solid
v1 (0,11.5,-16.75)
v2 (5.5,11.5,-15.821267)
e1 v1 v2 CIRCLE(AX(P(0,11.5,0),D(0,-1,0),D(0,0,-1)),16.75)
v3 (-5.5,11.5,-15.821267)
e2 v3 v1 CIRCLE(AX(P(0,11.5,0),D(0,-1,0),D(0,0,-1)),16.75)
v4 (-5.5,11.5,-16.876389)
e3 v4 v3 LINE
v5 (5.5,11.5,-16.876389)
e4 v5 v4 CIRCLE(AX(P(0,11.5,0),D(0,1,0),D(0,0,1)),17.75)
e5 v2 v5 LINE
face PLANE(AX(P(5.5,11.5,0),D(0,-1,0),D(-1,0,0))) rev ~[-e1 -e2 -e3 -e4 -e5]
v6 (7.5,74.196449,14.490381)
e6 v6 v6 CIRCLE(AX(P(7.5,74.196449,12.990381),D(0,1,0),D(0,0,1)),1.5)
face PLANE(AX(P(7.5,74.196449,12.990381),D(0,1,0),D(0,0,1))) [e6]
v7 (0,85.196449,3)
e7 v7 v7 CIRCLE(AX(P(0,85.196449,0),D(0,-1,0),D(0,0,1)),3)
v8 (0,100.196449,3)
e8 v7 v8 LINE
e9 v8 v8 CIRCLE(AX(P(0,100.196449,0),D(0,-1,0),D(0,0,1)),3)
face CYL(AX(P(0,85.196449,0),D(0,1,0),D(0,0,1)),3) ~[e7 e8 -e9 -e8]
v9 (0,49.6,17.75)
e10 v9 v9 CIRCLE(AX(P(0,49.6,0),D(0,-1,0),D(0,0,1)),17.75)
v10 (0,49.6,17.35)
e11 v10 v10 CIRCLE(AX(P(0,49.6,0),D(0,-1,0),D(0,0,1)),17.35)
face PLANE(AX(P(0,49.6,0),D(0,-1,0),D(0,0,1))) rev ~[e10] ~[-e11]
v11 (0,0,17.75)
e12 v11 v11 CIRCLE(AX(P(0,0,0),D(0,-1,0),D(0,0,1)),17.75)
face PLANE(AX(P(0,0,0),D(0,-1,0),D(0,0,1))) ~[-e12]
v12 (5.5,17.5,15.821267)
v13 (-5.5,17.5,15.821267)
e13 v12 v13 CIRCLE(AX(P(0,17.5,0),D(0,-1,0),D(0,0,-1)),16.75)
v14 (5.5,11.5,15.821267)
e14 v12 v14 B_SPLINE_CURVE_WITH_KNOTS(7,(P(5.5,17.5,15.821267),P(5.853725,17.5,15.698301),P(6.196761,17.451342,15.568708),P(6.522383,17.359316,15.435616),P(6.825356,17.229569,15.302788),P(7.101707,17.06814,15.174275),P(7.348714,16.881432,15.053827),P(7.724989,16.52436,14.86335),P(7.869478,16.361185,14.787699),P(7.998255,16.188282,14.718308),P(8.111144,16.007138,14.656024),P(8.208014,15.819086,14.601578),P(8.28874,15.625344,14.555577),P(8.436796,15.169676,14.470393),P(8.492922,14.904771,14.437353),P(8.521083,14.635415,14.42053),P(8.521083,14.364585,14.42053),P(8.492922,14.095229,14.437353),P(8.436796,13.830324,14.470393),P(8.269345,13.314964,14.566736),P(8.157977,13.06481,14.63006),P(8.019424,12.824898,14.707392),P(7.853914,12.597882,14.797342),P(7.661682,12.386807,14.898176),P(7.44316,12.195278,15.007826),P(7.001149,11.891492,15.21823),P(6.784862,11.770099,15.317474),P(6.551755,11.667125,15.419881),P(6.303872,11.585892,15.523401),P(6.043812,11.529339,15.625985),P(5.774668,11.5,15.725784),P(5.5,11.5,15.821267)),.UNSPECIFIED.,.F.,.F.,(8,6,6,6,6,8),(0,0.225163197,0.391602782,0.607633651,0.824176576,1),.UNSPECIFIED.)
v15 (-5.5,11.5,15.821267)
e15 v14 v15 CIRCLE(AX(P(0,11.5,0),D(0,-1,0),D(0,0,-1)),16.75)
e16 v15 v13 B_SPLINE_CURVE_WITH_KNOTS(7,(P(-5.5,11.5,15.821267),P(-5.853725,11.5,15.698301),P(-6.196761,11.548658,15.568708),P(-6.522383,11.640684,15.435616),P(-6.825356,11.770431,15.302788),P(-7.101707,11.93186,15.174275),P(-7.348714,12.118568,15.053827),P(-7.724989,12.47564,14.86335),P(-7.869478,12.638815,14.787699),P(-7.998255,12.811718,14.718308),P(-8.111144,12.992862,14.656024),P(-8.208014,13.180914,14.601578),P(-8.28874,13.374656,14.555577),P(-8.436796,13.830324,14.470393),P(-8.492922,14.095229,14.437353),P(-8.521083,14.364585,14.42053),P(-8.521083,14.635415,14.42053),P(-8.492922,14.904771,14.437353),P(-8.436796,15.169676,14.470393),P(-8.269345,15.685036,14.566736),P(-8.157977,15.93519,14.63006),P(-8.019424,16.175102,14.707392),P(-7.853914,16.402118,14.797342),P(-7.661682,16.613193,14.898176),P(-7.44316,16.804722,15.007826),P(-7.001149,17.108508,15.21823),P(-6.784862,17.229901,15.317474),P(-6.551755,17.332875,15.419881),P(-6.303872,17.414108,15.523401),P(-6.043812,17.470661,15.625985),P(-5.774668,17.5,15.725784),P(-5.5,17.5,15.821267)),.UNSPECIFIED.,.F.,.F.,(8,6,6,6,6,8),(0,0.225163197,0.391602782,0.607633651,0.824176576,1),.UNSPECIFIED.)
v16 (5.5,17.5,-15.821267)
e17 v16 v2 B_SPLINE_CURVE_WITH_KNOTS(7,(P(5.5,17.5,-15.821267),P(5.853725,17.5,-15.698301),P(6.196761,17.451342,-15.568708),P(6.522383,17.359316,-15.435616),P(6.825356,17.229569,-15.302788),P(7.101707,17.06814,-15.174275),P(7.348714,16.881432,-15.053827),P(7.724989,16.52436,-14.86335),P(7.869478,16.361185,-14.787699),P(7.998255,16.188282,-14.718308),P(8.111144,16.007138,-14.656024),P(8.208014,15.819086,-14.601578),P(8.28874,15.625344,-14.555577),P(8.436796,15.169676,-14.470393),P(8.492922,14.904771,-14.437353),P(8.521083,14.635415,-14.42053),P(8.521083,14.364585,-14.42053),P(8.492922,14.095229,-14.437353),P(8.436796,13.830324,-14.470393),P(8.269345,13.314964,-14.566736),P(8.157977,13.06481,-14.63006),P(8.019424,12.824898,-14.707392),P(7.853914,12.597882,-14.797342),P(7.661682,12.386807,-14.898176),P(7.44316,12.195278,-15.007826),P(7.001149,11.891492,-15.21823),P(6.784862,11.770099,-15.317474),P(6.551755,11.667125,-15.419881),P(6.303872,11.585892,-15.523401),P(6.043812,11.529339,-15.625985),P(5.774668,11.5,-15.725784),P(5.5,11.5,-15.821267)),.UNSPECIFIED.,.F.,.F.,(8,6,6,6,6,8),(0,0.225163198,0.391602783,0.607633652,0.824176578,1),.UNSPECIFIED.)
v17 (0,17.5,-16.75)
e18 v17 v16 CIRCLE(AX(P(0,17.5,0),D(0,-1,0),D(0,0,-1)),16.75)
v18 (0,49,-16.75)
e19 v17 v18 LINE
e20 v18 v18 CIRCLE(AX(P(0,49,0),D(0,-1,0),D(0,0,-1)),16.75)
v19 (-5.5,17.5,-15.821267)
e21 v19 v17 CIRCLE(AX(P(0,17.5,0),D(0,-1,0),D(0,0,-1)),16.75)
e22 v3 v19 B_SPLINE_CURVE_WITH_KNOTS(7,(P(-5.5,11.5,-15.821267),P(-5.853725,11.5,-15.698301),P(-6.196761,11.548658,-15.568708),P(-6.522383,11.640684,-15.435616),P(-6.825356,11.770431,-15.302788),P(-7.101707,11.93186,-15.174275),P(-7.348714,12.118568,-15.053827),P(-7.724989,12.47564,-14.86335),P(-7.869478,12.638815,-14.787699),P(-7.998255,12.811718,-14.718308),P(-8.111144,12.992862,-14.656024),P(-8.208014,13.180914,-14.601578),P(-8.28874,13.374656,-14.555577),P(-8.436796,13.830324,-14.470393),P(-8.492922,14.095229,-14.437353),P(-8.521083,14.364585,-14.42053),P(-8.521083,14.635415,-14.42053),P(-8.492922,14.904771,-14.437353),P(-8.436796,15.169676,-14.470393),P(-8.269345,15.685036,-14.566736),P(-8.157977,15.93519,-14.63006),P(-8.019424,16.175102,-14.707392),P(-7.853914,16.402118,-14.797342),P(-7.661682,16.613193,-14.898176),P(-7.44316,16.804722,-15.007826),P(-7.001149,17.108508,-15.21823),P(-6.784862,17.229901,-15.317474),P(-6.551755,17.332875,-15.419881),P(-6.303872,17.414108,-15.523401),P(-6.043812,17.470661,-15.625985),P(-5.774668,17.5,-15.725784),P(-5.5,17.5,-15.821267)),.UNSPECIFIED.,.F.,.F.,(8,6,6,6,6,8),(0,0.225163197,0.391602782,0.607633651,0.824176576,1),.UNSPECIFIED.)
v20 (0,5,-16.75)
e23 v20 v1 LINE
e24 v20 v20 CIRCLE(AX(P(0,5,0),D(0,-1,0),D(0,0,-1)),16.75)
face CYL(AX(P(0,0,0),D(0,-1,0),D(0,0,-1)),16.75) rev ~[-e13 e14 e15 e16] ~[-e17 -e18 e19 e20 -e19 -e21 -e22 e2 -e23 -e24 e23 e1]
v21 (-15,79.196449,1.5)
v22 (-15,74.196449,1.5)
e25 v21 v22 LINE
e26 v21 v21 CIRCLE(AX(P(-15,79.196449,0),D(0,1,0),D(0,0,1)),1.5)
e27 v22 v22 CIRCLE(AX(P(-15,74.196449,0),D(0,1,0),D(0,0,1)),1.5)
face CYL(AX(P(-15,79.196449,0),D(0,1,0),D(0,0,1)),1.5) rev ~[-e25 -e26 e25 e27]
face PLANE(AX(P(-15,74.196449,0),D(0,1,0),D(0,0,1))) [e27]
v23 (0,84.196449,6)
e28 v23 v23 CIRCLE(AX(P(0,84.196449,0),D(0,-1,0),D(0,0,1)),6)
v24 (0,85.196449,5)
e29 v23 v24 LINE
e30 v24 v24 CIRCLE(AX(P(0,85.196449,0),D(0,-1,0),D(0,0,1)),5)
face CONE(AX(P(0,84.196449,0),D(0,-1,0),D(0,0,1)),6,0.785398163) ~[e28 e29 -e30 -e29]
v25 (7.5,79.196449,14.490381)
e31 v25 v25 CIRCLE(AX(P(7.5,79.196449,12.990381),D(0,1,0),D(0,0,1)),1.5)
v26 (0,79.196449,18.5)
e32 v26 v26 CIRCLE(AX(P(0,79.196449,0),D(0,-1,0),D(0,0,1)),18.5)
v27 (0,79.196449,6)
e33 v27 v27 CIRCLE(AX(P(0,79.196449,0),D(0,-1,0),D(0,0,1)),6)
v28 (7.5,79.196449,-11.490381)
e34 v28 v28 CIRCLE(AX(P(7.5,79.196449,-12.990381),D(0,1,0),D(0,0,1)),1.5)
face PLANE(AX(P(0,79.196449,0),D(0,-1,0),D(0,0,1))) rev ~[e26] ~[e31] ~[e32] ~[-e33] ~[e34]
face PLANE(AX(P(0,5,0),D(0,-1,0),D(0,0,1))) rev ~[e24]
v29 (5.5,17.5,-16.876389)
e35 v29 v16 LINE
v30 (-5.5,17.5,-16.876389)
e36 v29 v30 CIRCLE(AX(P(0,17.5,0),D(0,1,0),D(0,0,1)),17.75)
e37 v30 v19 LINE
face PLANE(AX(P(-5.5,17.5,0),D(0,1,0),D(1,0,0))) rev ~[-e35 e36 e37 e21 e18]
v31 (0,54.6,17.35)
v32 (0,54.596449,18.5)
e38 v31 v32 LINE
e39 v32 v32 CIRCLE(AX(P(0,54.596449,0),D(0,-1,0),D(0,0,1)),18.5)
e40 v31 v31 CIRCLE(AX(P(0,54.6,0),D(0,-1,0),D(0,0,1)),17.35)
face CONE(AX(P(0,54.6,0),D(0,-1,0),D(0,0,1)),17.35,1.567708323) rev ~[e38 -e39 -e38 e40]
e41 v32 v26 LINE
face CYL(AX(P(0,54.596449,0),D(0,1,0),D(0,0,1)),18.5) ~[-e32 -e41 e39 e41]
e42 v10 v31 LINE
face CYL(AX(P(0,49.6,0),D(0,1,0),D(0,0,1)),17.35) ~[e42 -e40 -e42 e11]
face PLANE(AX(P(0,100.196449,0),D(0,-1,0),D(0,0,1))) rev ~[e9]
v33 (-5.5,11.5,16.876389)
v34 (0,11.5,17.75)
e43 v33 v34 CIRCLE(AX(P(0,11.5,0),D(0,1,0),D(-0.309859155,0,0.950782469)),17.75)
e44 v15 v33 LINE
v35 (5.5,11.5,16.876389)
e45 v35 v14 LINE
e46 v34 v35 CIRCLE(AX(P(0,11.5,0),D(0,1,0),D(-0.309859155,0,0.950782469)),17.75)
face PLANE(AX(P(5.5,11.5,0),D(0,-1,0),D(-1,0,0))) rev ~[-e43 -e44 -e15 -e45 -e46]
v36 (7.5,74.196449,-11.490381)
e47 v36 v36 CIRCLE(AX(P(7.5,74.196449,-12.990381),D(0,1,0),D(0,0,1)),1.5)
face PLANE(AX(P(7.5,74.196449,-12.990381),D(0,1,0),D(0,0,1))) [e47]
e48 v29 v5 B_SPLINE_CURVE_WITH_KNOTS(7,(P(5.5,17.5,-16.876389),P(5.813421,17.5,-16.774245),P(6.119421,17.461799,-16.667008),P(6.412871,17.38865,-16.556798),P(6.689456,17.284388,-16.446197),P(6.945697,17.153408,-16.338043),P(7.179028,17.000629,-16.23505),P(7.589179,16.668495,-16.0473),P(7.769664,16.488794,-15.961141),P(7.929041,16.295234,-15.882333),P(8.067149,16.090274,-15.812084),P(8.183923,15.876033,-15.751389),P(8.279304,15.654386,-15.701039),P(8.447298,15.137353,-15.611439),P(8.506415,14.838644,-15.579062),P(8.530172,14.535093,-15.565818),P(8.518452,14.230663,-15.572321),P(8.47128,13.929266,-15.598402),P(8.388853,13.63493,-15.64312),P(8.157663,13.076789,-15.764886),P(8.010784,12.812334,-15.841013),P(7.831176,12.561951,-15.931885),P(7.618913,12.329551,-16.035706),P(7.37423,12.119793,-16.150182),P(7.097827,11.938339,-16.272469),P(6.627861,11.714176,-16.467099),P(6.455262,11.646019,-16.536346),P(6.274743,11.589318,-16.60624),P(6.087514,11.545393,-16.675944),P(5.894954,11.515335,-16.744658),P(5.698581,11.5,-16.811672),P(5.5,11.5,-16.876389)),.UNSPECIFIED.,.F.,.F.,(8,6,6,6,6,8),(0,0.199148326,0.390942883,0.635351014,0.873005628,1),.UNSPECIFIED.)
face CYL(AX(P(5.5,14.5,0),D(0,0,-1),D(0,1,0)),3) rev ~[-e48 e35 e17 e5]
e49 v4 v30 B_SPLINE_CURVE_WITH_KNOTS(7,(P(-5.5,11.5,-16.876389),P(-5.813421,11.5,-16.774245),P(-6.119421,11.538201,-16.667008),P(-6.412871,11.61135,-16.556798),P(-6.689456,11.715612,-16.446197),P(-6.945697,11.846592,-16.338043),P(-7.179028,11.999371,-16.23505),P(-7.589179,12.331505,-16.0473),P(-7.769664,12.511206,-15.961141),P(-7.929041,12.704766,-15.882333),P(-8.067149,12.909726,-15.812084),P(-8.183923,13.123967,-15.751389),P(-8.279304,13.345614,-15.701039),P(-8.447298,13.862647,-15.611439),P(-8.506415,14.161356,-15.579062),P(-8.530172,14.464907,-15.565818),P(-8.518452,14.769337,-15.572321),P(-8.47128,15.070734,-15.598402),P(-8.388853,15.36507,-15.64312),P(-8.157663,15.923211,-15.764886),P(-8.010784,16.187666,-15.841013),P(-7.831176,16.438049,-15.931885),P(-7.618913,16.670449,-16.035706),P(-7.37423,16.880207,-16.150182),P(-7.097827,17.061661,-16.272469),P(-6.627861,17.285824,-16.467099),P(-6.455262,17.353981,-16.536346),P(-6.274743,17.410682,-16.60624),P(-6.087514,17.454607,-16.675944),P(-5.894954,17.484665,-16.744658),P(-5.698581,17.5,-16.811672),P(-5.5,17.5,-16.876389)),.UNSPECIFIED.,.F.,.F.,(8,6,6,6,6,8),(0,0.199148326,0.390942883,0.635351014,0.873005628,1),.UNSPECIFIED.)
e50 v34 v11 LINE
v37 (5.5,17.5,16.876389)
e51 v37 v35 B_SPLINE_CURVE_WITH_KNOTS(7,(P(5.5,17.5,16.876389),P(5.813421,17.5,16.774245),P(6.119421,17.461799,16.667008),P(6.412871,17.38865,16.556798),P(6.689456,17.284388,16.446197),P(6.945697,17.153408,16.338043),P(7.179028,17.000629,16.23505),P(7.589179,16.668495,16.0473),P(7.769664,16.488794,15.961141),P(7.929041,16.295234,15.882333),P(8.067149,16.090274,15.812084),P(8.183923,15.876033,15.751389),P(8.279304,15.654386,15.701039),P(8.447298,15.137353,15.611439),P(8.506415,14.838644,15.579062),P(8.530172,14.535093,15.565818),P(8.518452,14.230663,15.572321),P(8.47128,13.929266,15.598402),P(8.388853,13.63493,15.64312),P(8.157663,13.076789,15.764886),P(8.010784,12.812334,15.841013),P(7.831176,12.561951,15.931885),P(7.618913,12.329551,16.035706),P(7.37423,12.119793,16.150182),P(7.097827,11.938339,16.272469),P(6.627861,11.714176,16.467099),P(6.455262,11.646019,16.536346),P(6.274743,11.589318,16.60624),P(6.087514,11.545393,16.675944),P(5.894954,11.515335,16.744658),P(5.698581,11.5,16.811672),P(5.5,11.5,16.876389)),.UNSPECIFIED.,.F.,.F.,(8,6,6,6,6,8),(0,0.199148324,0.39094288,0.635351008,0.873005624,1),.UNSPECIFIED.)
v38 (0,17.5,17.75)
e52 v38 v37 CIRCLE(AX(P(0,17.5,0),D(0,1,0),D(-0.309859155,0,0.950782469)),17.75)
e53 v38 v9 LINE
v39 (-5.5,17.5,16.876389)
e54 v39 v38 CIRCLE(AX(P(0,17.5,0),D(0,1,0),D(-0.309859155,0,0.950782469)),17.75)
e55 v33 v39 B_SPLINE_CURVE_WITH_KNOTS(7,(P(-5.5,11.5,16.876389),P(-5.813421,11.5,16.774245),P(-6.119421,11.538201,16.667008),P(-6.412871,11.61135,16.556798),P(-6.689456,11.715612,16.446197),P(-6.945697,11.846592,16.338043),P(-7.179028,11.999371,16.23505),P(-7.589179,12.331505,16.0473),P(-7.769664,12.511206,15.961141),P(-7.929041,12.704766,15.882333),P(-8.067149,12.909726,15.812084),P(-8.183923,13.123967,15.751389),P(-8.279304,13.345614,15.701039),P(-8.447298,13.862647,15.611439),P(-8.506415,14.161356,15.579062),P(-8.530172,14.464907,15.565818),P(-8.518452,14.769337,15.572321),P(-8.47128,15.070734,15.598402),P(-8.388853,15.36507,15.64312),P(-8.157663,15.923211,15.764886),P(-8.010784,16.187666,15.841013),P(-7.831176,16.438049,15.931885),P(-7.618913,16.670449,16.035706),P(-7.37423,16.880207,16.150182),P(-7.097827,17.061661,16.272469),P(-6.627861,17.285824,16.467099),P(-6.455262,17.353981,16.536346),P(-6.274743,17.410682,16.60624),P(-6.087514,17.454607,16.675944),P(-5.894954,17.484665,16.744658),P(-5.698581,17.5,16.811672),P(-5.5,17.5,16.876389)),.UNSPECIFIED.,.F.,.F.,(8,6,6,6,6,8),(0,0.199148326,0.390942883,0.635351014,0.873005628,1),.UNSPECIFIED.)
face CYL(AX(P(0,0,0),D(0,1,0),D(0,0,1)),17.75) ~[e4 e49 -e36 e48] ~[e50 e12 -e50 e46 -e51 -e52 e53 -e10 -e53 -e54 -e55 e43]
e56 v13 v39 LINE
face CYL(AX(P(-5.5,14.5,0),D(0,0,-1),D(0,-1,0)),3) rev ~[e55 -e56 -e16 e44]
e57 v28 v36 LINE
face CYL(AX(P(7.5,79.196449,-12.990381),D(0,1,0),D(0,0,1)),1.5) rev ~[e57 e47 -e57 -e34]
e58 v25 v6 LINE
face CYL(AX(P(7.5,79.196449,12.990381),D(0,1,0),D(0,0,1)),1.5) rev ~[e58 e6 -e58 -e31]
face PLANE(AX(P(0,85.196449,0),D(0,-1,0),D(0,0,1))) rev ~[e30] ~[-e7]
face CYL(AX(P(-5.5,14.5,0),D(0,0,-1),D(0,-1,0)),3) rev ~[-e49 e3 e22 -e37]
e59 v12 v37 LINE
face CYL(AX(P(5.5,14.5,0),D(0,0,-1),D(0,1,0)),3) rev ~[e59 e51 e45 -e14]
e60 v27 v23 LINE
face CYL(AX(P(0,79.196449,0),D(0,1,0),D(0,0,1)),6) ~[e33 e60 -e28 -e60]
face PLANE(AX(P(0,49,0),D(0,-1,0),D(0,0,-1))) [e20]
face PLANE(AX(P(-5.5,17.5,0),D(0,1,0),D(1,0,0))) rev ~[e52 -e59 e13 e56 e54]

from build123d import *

# Parameters (mm, degrees)
EXTRUSION1_REACH                  = 105.556
EXTRUSION1_END_RADIUS             = 17.75
EXTRUSION1_DIRECTION_2_REACH      = 105.556
EXTRUSION1_DIRECTION_2_END_RADIUS = 17.75
CHANFREIN1_SIZE                   = 1
ESQUISSE3_R                       = 16.75
EXTRUSION2_DEPTH                  = 49
EXTRUSION3_START                  = -5
ESQUISSE6_R                       = 17.75
EXTRUSION3_DEPTH                  = 5
ESQUISSE8_R                       = 1.5
EXTRUSION4_DEPTH                  = 5


with BuildPart() as part:
    # Esquisse1 → Révolution1 (revolve)
    with BuildSketch(Plane.XY, mode=Mode.PRIVATE) as r_volution1_sk:
        Polygon((0, 0), (17.75, 0), (17.75, 49.6), (17.35, 49.6), (17.35, 54.6), (18.5, 54.596448784), (18.5, 79.196448784), (6, 79.196448784), (6, 85.196448784), (3, 85.196448784), (3, 100.196448784), (0, 100.196448784), align=None)
    revolve(r_volution1_sk.sketch.rotate(Axis((0, 100.196448784, 0), (0, -1, 0)), 90), axis=Axis((0, 100.196448784, 0), (0, -1, 0)))

    # Extrusion1: up to this cylinder (the profile starts inside it)
    extrusion1_end = Plane(origin=(0, 14.5, 0), z_dir=(0, 1, 0)) * Cylinder(EXTRUSION1_END_RADIUS, 247.612, mode=Mode.PRIVATE)
    # Esquisse2 → Extrusion1 (cut, up to the surface)
    with BuildSketch(Plane.XY, mode=Mode.PRIVATE) as extrusion1_sk1:
        with BuildLine():
            Line((-5.5, 17.5), (5.5, 17.5))
            ThreePointArc((5.5, 17.5), (8.5, 14.5), (5.5, 11.5))
            Line((5.5, 11.5), (-5.5, 11.5))
            ThreePointArc((-5.5, 11.5), (-8.5, 14.5), (-5.5, 17.5))
        make_face()
    extrusion1_tool1 = extrude(extrusion1_sk1.sketch, amount=EXTRUSION1_REACH, mode=Mode.PRIVATE) & extrusion1_end
    add(extrusion1_tool1.solids().sort_by_distance((0, 14.5, 0))[0], mode=Mode.SUBTRACT)

    # Extrusion1 direction 2: up to this cylinder (the profile starts inside it)
    extrusion1_direction_2_end = Plane(origin=(0, 14.5, 0), z_dir=(0, 1, 0)) * Cylinder(EXTRUSION1_DIRECTION_2_END_RADIUS, 247.612, mode=Mode.PRIVATE)
    # Esquisse2 → Extrusion1 direction 2 (cut, up to the surface)
    with BuildSketch(Plane.XY, mode=Mode.PRIVATE) as extrusion1_direction_2_sk1:
        with BuildLine():
            Line((-5.5, 17.5), (5.5, 17.5))
            ThreePointArc((5.5, 17.5), (8.5, 14.5), (5.5, 11.5))
            Line((5.5, 11.5), (-5.5, 11.5))
            ThreePointArc((-5.5, 11.5), (-8.5, 14.5), (-5.5, 17.5))
        make_face()
    extrusion1_direction_2_tool1 = extrude(extrusion1_direction_2_sk1.sketch, amount=-EXTRUSION1_DIRECTION_2_REACH, mode=Mode.PRIVATE) & extrusion1_direction_2_end
    add(extrusion1_direction_2_tool1.solids().sort_by_distance((0, 14.5, 0))[0], mode=Mode.SUBTRACT)

    # Chanfrein1
    chanfrein1_edges = [part.edges().sort_by_distance(p)[0] for p in [
        (0, 85.196448784, -6),
    ]]
    chamfer(chanfrein1_edges, length=CHANFREIN1_SIZE)

    # Esquisse3 → Extrusion2 (cut)
    with BuildSketch(Plane.XZ):
        with Locations(Location((0, 0, 0), (0, 0, 270))):
            Circle(ESQUISSE3_R)
    extrude(amount=-EXTRUSION2_DEPTH, mode=Mode.SUBTRACT)

    # Esquisse6 → Extrusion3 (add)
    with BuildSketch(Plane.XZ.offset(EXTRUSION3_START)):
        with Locations(Location((0, 0, 0), (0, 0, 90))):
            Circle(ESQUISSE6_R)
    extrude(amount=EXTRUSION3_DEPTH)

    # Esquisse8 → Extrusion4 (cut)
    with BuildSketch(Plane(origin=(0, 79.196448784, 0), x_dir=(-1, 0, 0), z_dir=(0, 1, 0))):
        with Locations(Location((15, 0, 0), (0, 0, 90))):
            Circle(ESQUISSE8_R)
        with Locations(Location((-7.5, -12.990381057, 0), (0, 0, 90))):
            Circle(ESQUISSE8_R)
        with Locations(Location((-7.5, 12.990381057, 0), (0, 0, 90))):
            Circle(ESQUISSE8_R)
    extrude(amount=-EXTRUSION4_DEPTH, mode=Mode.SUBTRACT)


solid = part.part
